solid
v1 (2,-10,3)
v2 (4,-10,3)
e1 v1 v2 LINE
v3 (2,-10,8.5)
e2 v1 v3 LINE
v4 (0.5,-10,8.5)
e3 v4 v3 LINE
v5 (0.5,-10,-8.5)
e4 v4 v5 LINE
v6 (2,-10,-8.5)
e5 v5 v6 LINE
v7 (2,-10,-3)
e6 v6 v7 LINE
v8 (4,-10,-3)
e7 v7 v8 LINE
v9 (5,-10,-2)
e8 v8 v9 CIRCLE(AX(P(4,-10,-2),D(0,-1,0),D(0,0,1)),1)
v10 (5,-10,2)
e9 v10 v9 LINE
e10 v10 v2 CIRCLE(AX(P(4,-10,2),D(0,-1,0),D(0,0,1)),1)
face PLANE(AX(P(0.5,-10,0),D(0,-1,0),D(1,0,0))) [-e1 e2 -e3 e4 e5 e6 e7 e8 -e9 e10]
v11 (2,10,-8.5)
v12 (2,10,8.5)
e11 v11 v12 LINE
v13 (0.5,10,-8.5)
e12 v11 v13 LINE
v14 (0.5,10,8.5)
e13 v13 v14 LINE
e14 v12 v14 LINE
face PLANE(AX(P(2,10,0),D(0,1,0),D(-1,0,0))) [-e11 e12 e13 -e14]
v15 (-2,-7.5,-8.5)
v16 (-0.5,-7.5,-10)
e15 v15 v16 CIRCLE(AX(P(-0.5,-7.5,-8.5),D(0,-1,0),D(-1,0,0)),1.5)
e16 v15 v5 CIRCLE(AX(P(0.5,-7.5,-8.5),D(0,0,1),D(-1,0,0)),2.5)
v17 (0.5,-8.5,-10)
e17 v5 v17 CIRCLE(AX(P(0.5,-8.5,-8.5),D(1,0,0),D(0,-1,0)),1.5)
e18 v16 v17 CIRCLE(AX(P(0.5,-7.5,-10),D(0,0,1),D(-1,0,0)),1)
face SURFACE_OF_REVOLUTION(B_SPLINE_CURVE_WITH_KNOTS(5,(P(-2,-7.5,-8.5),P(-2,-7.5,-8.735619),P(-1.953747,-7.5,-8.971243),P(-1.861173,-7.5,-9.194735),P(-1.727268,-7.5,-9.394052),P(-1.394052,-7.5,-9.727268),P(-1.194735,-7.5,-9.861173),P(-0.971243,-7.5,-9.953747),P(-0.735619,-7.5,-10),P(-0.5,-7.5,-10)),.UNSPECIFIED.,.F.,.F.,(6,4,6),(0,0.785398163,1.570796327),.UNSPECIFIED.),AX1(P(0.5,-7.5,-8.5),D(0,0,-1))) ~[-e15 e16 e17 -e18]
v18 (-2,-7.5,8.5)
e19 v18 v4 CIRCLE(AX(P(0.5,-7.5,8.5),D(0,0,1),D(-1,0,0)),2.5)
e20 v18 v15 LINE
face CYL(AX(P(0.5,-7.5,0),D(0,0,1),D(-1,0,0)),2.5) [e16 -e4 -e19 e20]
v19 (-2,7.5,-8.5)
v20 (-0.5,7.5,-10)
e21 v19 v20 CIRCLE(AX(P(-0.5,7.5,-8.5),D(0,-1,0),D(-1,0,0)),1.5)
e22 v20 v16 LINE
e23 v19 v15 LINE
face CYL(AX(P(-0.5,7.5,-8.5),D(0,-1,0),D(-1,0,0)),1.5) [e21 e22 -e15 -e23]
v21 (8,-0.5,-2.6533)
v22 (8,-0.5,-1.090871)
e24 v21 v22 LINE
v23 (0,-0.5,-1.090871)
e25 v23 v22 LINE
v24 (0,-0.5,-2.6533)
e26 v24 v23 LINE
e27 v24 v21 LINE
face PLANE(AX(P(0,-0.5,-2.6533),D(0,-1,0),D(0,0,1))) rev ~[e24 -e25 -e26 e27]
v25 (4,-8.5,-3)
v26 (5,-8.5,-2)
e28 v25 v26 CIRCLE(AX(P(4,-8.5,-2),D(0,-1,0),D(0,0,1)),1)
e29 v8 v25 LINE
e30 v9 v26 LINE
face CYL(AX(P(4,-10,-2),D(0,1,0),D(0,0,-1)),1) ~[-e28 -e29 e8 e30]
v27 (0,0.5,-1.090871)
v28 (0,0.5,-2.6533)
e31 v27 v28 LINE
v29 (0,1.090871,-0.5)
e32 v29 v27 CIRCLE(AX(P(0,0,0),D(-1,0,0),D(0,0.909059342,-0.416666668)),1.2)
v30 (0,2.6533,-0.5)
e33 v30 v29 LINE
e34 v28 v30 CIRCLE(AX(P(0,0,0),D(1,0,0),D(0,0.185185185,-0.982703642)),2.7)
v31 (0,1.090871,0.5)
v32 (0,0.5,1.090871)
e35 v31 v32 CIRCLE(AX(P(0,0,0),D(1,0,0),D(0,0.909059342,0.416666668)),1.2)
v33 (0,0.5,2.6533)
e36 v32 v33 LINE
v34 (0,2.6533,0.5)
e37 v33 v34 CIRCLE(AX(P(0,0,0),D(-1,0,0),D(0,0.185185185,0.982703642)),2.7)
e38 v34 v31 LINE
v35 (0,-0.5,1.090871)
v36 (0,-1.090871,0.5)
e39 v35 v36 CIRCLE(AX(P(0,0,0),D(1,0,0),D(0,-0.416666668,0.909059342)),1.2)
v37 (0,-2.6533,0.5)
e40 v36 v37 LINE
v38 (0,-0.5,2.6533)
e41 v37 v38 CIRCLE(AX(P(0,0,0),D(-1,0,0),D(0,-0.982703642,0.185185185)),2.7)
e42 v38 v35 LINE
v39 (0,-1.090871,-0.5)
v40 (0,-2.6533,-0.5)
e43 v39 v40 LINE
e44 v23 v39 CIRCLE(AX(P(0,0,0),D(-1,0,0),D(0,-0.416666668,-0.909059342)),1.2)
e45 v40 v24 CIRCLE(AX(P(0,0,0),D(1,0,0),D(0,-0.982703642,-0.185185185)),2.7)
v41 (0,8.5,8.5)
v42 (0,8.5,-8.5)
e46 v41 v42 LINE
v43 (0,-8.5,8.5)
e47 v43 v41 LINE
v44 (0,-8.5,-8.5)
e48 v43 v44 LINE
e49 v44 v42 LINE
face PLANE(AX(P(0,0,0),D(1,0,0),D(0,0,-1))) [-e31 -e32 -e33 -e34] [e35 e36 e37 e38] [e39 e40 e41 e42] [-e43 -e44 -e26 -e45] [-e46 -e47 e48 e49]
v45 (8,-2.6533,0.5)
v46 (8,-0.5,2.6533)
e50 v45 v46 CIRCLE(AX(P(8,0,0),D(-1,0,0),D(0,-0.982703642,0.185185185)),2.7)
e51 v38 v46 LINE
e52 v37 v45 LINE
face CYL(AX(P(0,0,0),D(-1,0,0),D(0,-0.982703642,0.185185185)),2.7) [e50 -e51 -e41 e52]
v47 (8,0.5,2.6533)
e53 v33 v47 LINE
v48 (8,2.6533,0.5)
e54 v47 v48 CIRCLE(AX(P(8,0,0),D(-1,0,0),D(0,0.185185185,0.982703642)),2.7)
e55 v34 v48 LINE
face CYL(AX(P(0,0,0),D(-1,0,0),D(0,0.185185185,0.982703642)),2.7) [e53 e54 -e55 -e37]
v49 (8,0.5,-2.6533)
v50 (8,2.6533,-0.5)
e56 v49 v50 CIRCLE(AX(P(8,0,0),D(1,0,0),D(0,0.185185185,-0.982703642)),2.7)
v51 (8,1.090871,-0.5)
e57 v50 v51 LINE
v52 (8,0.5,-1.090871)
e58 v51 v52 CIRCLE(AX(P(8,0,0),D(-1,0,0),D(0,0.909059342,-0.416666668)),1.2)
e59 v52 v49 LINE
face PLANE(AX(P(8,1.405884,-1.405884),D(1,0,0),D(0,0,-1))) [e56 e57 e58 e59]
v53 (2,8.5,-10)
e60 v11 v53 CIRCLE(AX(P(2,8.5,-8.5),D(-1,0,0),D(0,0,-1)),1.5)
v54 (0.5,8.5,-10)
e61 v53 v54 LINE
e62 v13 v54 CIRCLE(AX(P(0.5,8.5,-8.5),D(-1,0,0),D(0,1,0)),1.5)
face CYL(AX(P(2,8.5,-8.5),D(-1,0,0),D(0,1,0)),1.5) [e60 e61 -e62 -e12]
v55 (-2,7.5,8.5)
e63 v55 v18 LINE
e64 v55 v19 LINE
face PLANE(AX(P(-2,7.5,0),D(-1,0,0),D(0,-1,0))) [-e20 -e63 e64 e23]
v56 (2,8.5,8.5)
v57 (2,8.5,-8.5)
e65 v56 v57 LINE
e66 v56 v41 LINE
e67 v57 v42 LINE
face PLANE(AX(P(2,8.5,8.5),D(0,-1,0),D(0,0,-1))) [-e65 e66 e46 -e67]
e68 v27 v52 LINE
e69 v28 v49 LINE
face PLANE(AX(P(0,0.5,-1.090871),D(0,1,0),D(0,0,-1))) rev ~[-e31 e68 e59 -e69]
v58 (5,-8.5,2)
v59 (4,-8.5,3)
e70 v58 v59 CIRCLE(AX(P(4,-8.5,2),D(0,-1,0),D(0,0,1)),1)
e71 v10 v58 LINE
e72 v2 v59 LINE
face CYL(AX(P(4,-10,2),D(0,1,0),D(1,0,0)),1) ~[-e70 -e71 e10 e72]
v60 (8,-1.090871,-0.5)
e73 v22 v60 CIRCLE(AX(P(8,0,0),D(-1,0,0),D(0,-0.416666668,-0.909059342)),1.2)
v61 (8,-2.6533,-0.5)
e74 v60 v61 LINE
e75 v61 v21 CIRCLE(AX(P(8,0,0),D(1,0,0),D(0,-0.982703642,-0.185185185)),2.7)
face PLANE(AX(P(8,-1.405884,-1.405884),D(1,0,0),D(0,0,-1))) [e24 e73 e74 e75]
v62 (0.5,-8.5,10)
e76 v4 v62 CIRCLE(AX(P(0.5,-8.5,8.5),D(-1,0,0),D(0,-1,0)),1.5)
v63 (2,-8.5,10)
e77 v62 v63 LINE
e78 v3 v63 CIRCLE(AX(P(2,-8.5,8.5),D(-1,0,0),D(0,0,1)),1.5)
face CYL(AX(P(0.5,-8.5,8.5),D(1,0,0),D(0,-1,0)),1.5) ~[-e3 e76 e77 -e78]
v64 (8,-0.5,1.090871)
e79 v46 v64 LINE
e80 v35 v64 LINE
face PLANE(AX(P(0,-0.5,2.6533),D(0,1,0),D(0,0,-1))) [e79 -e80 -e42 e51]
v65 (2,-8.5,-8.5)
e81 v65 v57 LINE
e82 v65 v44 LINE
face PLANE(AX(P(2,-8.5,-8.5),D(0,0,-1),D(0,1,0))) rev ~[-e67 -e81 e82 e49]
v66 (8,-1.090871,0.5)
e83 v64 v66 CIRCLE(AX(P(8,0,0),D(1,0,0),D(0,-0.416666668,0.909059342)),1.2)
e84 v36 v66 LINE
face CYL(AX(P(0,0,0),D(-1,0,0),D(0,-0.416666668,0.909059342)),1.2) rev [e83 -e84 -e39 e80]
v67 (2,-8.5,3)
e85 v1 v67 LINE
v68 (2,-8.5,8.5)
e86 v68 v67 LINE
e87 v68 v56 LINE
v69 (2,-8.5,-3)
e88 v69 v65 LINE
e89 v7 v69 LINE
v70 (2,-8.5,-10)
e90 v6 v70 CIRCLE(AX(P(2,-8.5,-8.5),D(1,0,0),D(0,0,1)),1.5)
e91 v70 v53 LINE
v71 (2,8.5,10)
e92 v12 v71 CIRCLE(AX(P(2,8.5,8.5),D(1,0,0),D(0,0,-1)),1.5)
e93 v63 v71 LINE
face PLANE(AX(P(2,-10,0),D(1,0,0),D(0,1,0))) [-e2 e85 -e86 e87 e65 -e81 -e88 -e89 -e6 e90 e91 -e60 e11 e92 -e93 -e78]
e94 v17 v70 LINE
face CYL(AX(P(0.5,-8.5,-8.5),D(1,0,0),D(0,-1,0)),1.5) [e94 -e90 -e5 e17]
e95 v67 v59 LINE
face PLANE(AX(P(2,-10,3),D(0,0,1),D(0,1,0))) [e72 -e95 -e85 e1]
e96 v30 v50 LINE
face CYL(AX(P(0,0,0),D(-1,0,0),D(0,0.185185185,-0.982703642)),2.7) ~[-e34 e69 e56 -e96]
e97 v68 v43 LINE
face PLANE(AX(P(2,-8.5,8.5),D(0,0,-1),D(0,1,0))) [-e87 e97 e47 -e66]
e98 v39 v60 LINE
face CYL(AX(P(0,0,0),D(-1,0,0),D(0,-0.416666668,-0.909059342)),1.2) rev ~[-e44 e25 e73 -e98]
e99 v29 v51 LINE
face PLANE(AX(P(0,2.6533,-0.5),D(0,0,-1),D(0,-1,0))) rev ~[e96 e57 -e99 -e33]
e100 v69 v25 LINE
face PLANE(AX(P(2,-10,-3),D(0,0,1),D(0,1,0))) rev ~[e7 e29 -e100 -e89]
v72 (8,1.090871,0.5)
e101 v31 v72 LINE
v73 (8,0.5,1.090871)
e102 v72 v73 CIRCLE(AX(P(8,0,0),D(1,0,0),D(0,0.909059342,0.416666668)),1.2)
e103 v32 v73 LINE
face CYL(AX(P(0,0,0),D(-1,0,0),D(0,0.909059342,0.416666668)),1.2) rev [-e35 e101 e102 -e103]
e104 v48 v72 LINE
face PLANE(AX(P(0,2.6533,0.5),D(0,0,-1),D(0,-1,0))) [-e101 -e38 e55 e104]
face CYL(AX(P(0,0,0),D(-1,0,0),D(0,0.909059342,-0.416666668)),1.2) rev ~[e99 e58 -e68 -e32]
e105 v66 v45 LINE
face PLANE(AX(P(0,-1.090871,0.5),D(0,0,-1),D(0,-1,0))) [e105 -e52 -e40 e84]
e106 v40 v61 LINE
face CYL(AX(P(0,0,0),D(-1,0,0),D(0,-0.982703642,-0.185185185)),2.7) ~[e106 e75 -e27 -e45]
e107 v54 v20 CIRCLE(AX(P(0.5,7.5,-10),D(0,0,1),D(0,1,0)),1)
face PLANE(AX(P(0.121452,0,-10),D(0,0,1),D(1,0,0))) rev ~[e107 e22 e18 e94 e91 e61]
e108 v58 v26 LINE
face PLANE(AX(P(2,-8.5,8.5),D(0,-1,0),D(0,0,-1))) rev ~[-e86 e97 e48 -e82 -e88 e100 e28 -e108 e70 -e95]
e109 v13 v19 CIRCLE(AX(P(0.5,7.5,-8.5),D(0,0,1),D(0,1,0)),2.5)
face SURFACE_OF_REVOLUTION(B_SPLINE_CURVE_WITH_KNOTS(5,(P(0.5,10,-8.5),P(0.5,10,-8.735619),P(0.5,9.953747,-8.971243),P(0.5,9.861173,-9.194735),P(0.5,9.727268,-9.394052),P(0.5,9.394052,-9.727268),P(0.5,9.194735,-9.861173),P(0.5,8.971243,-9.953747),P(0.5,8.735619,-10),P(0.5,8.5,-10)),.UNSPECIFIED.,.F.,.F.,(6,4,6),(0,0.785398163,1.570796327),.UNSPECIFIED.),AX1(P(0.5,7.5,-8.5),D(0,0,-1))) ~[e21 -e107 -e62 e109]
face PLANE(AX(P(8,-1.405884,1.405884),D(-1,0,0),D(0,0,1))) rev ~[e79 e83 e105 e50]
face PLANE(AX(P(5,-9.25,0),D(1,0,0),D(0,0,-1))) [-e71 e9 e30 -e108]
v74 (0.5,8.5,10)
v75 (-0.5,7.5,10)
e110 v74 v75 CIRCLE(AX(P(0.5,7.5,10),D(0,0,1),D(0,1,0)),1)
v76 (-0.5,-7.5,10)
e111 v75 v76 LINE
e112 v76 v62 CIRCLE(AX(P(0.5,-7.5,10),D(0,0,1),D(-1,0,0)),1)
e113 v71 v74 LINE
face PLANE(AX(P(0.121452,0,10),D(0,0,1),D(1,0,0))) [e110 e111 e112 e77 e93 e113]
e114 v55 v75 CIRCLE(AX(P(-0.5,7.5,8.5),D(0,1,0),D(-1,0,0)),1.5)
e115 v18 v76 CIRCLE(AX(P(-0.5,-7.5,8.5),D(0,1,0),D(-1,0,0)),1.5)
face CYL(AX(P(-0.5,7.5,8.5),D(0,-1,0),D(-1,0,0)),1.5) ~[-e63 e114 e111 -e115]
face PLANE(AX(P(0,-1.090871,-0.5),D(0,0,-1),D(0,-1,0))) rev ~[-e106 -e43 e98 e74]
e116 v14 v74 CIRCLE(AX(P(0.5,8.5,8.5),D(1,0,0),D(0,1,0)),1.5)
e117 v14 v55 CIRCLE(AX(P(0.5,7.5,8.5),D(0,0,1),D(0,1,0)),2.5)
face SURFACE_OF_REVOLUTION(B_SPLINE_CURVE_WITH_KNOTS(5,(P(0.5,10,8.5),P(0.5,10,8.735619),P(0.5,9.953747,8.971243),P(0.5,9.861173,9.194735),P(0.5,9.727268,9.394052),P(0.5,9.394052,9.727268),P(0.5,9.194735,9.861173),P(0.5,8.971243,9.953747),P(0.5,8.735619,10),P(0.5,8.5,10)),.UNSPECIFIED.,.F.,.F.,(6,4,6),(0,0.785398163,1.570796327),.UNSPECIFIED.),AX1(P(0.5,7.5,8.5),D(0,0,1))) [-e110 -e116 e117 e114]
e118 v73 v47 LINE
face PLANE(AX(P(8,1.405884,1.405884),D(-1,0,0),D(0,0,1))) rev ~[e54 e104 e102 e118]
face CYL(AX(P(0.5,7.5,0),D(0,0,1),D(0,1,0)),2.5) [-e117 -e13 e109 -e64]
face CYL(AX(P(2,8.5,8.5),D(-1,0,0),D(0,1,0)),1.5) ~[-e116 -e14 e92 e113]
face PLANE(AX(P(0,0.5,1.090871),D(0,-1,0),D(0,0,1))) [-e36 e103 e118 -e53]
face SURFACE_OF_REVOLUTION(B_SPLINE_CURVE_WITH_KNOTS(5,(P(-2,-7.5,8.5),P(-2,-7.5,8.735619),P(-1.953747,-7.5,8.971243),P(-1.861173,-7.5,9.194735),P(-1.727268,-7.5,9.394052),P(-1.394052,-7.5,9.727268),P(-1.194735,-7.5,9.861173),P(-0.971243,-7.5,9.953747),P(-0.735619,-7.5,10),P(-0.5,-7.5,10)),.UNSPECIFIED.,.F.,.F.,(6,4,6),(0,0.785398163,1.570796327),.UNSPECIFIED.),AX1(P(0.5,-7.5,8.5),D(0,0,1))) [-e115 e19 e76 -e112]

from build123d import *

# Parameters (mm, degrees)
EXTRUDE_3_DEPTH      = 10
EXTRUDE_3_DEPTH_BACK = 10
FILLET_3_R           = 1.5
SKETCH_6_W           = 17
SKETCH_6_H           = 17
CUT_EXTRUDE_2_DEPTH  = 2
SKETCH_9_W           = 6
SKETCH_9_H           = 1.5
EXTRUDE_6_DEPTH      = 3
EXTRUDE_7_DEPTH      = 8
FILLET_4_R           = 1


with BuildPart() as part:
    # Sketch 3 → Extrude 3 (new body, two sides)
    with BuildSketch(Plane.XY) as extrude_3_sk:
        with BuildLine():
            Line((0.5, -10), (2, -10))
            Line((2, -10), (2, 10))
            Line((2, 10), (0.5, 10))
            ThreePointArc((0.5, 10), (-1.267766953, 9.267766953), (-2, 7.5))
            Line((-2, 7.5), (-2, -7.5))
            ThreePointArc((-2, -7.5), (-1.267766953, -9.267766953), (0.5, -10))
        make_face()
    extrude(amount=EXTRUDE_3_DEPTH)
    extrude(extrude_3_sk.sketch, amount=-EXTRUDE_3_DEPTH_BACK)

    # Fillet 3
    fillet_3_edges = [part.edges().sort_by_distance(p)[0] for p in [
        (-1.267766953, 9.267766953, -10),
        (-2, 0, -10),
        (1.25, 10, 10),
        (-1.267766953, 9.267766953, 10),
        (-2, 0, 10),
        (-1.267766953, -9.267766953, 10),
        (1.25, -10, 10),
        (-1.267766953, -9.267766953, -10),
        (1.25, -10, -10),
        (1.25, 10, -10),
    ]]
    fillet(fillet_3_edges, radius=FILLET_3_R)

    # Sketch 6 → Cut-Extrude 2 (cut)
    with BuildSketch(Plane(origin=(2, 0, 0), x_dir=(0, 0, -1), z_dir=(1, 0, 0))):
        Rectangle(SKETCH_6_W, SKETCH_6_H)
    extrude(amount=-CUT_EXTRUDE_2_DEPTH, mode=Mode.SUBTRACT)

    # Sketch 9 → Extrude 6 (add)
    with BuildSketch(Plane(origin=(2, 0, 0), x_dir=(0, 0, -1), z_dir=(1, 0, 0))):
        with Locations((0, -9.25)):
            Rectangle(SKETCH_9_W, SKETCH_9_H)
    extrude(amount=EXTRUDE_6_DEPTH)

    # Sketch 10 → Extrude 7 (add)
    with BuildSketch(Plane(origin=(0, 0, 0), x_dir=(0, 0, -1), z_dir=(1, 0, 0))):
        with BuildLine():
            Line((-0.5, 2.653299832), (-0.5, 1.090871211))
            ThreePointArc((-0.5, 1.090871211), (-0.848528137, 0.848528137), (-1.090871211, 0.5))
            Line((-1.090871211, 0.5), (-2.653299832, 0.5))
            ThreePointArc((-2.653299832, 0.5), (-1.909188309, 1.909188309), (-0.5, 2.653299832))
        make_face()
        with BuildLine():
            Line((0.5, 2.653299832), (0.5, 1.090871211))
            ThreePointArc((0.5, 1.090871211), (0.848528137, 0.848528137), (1.090871211, 0.5))
            Line((1.090871211, 0.5), (2.653299832, 0.5))
            ThreePointArc((2.653299832, 0.5), (1.909188309, 1.909188309), (0.5, 2.653299832))
        make_face()
        with BuildLine():
            Line((-2.653299832, -0.5), (-1.090871211, -0.5))
            ThreePointArc((-1.090871211, -0.5), (-0.848528137, -0.848528137), (-0.5, -1.090871211))
            Line((-0.5, -1.090871211), (-0.5, -2.653299832))
            ThreePointArc((-0.5, -2.653299832), (-1.909188309, -1.909188309), (-2.653299832, -0.5))
        make_face()
        with BuildLine():
            Line((0.5, -1.090871211), (0.5, -2.653299832))
            ThreePointArc((0.5, -2.653299832), (1.909188309, -1.909188309), (2.653299832, -0.5))
            Line((2.653299832, -0.5), (1.090871211, -0.5))
            ThreePointArc((1.090871211, -0.5), (0.848528137, -0.848528137), (0.5, -1.090871211))
        make_face()
    extrude(amount=EXTRUDE_7_DEPTH)

    # Fillet 4
    fillet_4_edges = [part.edges().sort_by_distance(p)[0] for p in [
        (5, -9.25, 3),
        (5, -9.25, -3),
    ]]
    fillet(fillet_4_edges, radius=FILLET_4_R)


solid = part.part
